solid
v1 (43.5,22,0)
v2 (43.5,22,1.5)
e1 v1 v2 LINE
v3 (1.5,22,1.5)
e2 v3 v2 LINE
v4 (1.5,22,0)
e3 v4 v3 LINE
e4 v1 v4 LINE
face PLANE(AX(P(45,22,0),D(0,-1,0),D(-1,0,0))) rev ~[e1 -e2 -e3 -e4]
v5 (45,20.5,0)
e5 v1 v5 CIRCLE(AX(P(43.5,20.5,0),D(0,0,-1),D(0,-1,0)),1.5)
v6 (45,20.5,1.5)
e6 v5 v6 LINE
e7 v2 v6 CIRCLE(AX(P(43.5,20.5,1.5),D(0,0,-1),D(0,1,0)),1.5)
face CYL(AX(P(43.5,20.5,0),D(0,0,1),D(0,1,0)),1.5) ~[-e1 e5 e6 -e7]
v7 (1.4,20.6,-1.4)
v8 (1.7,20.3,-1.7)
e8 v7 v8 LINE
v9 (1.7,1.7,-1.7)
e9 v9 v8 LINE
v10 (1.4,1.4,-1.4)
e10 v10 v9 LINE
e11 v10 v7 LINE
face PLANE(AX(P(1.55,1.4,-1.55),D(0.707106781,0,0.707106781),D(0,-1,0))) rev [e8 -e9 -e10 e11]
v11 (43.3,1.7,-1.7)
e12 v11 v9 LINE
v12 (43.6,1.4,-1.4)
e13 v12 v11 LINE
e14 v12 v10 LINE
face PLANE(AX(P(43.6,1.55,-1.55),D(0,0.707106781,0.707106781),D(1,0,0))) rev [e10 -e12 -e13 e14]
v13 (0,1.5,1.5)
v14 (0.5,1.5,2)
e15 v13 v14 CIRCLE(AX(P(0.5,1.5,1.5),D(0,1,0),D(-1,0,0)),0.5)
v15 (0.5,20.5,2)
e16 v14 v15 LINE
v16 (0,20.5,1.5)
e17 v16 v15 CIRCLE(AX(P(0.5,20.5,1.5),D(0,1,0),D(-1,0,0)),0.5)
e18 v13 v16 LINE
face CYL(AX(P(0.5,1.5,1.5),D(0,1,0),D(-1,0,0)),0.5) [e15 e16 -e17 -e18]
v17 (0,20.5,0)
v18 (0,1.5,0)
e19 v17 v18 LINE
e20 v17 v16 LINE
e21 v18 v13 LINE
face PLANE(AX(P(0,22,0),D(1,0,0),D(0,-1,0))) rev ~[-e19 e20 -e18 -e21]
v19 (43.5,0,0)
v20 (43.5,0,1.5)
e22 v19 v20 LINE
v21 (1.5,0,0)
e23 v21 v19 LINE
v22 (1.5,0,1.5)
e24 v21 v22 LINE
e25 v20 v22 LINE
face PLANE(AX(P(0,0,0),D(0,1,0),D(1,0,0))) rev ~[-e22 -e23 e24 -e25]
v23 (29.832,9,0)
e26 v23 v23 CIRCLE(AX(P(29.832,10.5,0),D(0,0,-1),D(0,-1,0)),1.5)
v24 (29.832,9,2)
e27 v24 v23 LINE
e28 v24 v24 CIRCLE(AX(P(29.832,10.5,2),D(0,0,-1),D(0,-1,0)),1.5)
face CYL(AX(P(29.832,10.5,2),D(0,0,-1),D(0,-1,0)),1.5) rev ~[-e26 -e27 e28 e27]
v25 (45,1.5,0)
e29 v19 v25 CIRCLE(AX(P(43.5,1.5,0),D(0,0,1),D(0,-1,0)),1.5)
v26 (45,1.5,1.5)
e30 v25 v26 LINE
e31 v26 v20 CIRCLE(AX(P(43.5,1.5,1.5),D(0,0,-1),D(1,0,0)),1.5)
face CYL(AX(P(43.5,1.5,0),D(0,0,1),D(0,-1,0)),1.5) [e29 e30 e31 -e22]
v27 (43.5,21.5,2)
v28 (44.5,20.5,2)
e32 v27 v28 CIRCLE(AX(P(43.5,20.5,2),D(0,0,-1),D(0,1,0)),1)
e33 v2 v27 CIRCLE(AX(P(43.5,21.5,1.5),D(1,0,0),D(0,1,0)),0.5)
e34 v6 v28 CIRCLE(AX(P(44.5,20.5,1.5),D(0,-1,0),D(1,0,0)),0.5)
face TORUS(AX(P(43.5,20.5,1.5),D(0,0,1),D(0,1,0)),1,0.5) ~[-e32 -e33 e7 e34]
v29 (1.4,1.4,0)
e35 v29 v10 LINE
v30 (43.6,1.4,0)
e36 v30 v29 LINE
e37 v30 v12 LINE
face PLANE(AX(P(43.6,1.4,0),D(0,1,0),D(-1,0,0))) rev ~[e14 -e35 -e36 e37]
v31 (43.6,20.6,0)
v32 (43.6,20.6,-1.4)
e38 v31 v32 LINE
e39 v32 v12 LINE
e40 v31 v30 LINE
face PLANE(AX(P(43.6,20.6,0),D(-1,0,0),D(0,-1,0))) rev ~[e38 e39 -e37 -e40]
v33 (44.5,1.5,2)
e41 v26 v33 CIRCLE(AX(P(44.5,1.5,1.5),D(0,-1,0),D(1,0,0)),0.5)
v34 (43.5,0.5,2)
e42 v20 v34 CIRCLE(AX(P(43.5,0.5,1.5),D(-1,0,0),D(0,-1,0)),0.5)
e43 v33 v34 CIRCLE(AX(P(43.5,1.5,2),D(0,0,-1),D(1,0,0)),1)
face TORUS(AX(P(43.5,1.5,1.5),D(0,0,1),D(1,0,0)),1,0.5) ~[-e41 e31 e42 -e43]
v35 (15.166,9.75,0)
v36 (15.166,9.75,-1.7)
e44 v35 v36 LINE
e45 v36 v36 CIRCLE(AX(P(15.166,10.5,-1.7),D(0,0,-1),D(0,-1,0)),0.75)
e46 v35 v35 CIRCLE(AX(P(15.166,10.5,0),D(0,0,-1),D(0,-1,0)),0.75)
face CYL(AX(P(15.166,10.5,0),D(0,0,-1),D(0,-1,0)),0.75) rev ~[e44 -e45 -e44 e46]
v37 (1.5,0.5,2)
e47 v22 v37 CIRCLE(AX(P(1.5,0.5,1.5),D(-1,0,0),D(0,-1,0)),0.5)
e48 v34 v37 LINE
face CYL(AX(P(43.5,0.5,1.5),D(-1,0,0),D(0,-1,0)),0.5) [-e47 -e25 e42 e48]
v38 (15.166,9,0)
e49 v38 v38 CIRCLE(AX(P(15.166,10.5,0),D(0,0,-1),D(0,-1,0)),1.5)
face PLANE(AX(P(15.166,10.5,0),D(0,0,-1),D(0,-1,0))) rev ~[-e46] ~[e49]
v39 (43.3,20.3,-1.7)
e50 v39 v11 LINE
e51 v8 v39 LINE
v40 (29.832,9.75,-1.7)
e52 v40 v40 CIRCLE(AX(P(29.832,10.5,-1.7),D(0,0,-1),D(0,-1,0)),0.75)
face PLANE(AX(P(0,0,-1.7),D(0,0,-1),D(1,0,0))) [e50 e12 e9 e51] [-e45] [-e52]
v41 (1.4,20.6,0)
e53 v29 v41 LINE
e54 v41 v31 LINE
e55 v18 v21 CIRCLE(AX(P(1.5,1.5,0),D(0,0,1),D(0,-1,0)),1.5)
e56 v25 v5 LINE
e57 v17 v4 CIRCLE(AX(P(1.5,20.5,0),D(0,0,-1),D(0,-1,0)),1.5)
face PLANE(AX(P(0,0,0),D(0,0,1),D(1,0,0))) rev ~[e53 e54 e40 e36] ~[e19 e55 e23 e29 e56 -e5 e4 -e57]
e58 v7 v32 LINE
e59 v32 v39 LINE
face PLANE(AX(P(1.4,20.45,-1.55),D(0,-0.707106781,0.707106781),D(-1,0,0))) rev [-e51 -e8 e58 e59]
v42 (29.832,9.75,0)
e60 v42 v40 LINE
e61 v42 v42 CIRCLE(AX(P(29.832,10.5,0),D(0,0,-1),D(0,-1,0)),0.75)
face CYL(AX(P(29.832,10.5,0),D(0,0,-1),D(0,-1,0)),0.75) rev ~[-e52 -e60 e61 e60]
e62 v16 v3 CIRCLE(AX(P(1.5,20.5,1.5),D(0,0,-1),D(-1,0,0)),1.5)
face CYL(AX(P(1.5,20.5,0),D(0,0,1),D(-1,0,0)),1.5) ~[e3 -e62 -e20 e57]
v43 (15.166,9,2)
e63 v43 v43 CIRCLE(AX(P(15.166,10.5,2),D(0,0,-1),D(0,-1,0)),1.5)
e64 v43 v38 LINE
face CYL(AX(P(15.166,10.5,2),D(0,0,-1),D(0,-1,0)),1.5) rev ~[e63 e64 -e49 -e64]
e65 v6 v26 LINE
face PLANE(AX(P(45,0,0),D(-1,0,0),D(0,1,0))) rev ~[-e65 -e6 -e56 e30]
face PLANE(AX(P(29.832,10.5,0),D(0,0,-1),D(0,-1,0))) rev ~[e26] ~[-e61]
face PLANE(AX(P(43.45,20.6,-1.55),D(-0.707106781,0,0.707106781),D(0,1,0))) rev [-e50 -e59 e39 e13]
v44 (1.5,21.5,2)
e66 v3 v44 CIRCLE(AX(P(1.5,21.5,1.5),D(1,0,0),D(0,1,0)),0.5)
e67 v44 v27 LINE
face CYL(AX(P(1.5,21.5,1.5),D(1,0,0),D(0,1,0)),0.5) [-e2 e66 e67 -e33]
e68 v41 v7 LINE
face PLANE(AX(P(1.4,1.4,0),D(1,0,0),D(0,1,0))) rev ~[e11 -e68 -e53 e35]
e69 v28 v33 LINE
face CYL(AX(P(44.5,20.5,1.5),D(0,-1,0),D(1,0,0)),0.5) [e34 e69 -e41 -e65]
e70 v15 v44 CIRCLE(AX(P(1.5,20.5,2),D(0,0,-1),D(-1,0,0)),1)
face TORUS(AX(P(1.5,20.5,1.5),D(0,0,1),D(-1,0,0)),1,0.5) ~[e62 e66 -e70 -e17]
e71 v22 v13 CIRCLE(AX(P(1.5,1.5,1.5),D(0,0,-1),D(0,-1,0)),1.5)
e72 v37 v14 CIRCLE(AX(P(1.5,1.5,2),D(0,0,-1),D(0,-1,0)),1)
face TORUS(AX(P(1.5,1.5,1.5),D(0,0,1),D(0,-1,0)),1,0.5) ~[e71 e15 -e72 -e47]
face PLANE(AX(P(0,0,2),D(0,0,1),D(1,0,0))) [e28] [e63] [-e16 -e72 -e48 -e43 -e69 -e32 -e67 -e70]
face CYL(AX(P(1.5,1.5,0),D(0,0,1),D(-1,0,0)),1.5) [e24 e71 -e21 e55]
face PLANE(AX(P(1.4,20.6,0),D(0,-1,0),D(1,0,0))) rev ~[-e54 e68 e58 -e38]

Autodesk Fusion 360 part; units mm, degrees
sketch "Esquisse1" plane through (0, 0, 0) normal (0, 0, 1) x (1, 0, 0)
  line L0 (0, 0) -> (45, 0)
  line L1 (45, 0) -> (45, 22)
  line L2 (45, 22) -> (0, 22)
  line L3 (0, 22) -> (0, 0)
  dimension "d1" = 45
  dimension "d2" = 22
extrude "Extrusion1" add sketch "Esquisse1" along normal blind 2
sketch "Esquisse2" plane through (0, 0, 0) normal (0, 0, -1) x (1, 0, 0)
  line L0 (0, 0) -> (0, -22)
  line L1 (0, -22) -> (45, -22)
  line L2 (45, -22) -> (45, 0)
  line L3 (45, 0) -> (0, 0)
  line L4 (1.4, -20.6) -> (43.6, -20.6)
  line L5 (43.6, -20.6) -> (43.6, -1.4)
  line L6 (43.6, -1.4) -> (1.4, -1.4)
  line L7 (1.4, -1.4) -> (1.4, -20.6)
  dimension "d5" = -1.4
extrude "Extrusion2" add sketch "Esquisse2" along normal blind 1.7 contours L4 L5 L6 L7
fillet "Congé1" radius 1.5 4 edges at (0, 0, 1) (45, 0, 1) (45, 22, 1) (0, 22, 1)
chamfer "Chanfrein1" distance 0.3 angle 45 4 edges at (22.5, 20.6, -1.7) (1.4, 11, -1.7) (22.5, 1.4, -1.7) (43.6, 11, -1.7)
fillet "Congé2" radius 0.5 8 edges at (0.4393, 21.5607, 2) (0, 11, 2) (0.4393, 0.4393, 2) (22.5, 0, 2) (44.5607, 0.4393, 2) (45, 11, 2) (44.5607, 21.5607, 2) (22.5, 22, 2)
hole "Perçage1" at (15.166, 10.5, 2) direction (0, 0, -1) diameter 1.5 depth 9 tip angle 180 counterbore diameter 3 counterbore depth 2
pattern_linear "Réseau R1" count 2 spacing 14.666 along (1, 0, 0) of "Perçage1"
